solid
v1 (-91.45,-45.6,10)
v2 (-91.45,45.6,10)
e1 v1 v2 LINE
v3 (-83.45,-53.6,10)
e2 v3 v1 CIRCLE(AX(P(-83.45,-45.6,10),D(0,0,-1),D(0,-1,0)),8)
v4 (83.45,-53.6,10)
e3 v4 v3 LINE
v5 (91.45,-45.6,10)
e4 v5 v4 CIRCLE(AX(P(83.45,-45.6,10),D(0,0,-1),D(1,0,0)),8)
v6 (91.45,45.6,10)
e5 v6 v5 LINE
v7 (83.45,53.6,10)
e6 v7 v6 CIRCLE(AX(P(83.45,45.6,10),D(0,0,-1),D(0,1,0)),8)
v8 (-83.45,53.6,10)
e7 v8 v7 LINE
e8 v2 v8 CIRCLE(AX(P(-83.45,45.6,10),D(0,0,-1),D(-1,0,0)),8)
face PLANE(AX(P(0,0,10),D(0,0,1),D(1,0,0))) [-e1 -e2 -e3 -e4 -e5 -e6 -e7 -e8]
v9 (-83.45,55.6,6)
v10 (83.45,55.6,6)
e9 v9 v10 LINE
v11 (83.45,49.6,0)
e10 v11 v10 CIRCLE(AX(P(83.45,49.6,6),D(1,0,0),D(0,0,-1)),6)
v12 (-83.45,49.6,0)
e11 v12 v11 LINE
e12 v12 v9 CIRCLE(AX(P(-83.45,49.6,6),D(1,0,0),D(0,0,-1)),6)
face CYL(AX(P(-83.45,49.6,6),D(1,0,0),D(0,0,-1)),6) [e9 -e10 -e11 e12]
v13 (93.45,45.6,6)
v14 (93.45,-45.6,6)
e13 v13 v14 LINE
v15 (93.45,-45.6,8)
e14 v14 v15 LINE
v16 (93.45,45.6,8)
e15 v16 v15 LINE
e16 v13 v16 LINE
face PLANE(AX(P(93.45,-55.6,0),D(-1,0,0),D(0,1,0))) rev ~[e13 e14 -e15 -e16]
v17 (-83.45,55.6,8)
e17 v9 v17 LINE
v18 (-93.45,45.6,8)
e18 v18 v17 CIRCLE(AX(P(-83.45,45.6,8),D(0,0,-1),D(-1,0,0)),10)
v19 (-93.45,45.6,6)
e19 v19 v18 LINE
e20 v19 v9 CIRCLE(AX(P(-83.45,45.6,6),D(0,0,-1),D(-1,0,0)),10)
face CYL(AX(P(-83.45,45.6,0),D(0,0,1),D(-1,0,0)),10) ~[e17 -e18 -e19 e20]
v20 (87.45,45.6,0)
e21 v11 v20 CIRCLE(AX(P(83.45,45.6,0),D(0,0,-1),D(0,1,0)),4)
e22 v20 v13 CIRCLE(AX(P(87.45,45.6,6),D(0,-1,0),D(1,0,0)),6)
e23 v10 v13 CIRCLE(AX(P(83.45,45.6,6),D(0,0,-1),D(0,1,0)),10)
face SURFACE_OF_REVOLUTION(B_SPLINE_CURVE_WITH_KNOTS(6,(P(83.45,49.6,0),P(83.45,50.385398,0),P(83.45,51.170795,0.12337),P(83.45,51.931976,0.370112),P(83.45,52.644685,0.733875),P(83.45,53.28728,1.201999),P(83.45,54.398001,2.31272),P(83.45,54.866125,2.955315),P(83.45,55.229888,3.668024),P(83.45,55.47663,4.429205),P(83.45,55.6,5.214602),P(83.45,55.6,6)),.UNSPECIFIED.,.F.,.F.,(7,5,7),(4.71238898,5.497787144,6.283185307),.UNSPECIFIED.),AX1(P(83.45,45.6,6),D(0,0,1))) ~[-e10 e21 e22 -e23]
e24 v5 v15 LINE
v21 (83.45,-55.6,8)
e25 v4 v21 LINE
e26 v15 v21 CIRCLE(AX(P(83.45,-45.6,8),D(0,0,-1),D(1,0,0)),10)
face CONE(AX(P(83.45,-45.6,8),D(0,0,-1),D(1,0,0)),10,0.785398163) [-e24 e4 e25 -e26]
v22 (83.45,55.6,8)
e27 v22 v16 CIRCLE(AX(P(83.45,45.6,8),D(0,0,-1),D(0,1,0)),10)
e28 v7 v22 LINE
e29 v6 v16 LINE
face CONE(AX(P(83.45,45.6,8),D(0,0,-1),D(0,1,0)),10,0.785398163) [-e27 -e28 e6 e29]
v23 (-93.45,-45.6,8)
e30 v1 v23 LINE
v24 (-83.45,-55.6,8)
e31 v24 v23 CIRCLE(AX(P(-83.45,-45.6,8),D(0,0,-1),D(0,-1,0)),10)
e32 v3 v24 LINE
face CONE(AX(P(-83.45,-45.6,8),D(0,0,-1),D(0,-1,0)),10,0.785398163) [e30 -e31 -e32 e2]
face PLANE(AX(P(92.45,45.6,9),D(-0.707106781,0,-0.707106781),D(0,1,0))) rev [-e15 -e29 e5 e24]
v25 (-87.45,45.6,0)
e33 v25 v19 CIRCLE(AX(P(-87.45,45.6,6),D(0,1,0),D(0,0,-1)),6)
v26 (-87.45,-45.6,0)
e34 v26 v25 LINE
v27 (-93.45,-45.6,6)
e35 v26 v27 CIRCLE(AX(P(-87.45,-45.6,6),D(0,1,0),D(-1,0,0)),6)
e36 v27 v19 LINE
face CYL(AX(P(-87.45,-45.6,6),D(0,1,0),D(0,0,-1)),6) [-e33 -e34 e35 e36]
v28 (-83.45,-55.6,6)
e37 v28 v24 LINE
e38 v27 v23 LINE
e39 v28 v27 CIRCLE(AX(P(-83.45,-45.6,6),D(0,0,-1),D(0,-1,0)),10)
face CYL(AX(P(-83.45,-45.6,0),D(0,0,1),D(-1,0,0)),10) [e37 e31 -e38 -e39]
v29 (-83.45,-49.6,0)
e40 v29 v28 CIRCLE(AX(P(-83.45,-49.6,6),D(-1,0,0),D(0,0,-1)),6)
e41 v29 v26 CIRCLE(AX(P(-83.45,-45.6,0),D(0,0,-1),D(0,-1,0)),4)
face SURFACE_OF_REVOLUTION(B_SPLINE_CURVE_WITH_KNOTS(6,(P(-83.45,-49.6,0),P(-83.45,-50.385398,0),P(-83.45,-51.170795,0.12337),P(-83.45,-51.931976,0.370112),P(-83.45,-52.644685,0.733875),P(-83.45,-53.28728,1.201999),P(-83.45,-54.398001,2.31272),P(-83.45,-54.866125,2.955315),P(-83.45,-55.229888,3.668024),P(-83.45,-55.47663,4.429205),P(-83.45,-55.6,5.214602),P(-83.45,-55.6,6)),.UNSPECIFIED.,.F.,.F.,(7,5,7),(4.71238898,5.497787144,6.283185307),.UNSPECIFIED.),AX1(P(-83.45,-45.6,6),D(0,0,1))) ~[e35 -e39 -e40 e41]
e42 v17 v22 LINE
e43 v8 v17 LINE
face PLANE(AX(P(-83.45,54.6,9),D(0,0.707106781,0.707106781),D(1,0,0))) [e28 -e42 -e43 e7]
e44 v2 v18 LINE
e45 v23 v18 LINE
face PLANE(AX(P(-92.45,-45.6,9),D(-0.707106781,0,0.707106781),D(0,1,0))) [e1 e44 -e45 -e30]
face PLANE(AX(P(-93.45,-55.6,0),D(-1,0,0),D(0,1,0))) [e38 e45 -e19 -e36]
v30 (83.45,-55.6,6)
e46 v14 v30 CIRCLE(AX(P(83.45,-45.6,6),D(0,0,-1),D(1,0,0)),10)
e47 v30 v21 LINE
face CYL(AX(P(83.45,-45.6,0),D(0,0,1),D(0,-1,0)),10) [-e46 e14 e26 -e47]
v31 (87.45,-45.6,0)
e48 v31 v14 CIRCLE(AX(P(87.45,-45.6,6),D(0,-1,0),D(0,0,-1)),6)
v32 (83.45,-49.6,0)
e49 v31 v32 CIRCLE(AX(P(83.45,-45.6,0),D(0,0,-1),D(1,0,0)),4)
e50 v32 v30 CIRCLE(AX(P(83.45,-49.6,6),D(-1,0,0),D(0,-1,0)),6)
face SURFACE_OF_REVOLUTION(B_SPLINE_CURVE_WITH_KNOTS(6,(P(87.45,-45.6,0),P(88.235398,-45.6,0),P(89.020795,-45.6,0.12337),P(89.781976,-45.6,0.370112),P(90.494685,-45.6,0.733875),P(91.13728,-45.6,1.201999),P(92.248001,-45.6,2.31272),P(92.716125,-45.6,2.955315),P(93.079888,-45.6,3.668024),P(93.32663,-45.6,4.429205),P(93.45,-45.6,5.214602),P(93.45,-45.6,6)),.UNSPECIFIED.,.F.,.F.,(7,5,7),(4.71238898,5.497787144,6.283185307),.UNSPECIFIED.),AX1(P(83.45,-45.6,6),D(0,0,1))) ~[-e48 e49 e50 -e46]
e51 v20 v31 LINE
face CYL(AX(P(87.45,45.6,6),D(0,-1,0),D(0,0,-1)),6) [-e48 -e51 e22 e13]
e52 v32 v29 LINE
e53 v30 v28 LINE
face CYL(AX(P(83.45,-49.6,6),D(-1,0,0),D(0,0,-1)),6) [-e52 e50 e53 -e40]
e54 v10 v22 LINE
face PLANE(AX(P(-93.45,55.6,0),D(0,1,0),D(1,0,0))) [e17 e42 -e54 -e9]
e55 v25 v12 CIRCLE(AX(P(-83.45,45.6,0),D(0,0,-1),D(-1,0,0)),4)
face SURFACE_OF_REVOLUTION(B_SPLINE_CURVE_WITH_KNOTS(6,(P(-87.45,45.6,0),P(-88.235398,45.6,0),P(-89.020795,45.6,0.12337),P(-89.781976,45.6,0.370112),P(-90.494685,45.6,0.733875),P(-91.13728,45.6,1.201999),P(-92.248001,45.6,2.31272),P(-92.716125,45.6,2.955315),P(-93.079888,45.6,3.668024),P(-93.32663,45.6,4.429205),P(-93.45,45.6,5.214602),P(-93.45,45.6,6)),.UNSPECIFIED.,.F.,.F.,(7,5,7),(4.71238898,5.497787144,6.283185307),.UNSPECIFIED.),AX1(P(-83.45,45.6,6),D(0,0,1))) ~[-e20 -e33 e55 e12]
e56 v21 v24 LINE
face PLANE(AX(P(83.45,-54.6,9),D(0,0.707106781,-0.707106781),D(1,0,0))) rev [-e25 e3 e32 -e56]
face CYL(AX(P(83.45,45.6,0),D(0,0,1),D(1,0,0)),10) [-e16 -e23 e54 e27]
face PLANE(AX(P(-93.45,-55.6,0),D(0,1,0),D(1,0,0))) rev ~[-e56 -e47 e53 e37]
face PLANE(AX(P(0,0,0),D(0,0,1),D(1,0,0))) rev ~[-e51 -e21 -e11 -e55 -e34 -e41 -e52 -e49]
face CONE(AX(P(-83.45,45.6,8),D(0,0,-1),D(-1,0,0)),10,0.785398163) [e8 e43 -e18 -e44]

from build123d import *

# Parameters (mm, degrees)
F0_W     = 186.9
F0_H     = 111.2
F1_DEPTH = 10
F2_R     = 10
F3_SIZE  = 2
F4_R     = 6


with BuildPart() as f1:
    # F0 (on Top) → F1 (new body)
    with BuildSketch(Plane.XY):
        Rectangle(F0_W, F0_H)
    extrude(amount=F1_DEPTH)

    # F2
    f2_edges = [f1.edges().sort_by_distance(p)[0] for p in [
        (93.45, 55.6, 5),
        (93.45, -55.6, 5),
        (-93.45, 55.6, 5),
        (-93.45, -55.6, 5),
    ]]
    fillet(f2_edges, radius=F2_R)

    # F3
    f3_edges = [f1.edges().sort_by_distance(p)[0] for p in [
        (0, 55.6, 10),
    ]]
    chamfer(f3_edges, length=F3_SIZE)

    # F4
    f4_edges = [f1.edges().sort_by_distance(p)[0] for p in [
        (0, 55.6, 0),
    ]]
    fillet(f4_edges, radius=F4_R)


solid = f1.part
